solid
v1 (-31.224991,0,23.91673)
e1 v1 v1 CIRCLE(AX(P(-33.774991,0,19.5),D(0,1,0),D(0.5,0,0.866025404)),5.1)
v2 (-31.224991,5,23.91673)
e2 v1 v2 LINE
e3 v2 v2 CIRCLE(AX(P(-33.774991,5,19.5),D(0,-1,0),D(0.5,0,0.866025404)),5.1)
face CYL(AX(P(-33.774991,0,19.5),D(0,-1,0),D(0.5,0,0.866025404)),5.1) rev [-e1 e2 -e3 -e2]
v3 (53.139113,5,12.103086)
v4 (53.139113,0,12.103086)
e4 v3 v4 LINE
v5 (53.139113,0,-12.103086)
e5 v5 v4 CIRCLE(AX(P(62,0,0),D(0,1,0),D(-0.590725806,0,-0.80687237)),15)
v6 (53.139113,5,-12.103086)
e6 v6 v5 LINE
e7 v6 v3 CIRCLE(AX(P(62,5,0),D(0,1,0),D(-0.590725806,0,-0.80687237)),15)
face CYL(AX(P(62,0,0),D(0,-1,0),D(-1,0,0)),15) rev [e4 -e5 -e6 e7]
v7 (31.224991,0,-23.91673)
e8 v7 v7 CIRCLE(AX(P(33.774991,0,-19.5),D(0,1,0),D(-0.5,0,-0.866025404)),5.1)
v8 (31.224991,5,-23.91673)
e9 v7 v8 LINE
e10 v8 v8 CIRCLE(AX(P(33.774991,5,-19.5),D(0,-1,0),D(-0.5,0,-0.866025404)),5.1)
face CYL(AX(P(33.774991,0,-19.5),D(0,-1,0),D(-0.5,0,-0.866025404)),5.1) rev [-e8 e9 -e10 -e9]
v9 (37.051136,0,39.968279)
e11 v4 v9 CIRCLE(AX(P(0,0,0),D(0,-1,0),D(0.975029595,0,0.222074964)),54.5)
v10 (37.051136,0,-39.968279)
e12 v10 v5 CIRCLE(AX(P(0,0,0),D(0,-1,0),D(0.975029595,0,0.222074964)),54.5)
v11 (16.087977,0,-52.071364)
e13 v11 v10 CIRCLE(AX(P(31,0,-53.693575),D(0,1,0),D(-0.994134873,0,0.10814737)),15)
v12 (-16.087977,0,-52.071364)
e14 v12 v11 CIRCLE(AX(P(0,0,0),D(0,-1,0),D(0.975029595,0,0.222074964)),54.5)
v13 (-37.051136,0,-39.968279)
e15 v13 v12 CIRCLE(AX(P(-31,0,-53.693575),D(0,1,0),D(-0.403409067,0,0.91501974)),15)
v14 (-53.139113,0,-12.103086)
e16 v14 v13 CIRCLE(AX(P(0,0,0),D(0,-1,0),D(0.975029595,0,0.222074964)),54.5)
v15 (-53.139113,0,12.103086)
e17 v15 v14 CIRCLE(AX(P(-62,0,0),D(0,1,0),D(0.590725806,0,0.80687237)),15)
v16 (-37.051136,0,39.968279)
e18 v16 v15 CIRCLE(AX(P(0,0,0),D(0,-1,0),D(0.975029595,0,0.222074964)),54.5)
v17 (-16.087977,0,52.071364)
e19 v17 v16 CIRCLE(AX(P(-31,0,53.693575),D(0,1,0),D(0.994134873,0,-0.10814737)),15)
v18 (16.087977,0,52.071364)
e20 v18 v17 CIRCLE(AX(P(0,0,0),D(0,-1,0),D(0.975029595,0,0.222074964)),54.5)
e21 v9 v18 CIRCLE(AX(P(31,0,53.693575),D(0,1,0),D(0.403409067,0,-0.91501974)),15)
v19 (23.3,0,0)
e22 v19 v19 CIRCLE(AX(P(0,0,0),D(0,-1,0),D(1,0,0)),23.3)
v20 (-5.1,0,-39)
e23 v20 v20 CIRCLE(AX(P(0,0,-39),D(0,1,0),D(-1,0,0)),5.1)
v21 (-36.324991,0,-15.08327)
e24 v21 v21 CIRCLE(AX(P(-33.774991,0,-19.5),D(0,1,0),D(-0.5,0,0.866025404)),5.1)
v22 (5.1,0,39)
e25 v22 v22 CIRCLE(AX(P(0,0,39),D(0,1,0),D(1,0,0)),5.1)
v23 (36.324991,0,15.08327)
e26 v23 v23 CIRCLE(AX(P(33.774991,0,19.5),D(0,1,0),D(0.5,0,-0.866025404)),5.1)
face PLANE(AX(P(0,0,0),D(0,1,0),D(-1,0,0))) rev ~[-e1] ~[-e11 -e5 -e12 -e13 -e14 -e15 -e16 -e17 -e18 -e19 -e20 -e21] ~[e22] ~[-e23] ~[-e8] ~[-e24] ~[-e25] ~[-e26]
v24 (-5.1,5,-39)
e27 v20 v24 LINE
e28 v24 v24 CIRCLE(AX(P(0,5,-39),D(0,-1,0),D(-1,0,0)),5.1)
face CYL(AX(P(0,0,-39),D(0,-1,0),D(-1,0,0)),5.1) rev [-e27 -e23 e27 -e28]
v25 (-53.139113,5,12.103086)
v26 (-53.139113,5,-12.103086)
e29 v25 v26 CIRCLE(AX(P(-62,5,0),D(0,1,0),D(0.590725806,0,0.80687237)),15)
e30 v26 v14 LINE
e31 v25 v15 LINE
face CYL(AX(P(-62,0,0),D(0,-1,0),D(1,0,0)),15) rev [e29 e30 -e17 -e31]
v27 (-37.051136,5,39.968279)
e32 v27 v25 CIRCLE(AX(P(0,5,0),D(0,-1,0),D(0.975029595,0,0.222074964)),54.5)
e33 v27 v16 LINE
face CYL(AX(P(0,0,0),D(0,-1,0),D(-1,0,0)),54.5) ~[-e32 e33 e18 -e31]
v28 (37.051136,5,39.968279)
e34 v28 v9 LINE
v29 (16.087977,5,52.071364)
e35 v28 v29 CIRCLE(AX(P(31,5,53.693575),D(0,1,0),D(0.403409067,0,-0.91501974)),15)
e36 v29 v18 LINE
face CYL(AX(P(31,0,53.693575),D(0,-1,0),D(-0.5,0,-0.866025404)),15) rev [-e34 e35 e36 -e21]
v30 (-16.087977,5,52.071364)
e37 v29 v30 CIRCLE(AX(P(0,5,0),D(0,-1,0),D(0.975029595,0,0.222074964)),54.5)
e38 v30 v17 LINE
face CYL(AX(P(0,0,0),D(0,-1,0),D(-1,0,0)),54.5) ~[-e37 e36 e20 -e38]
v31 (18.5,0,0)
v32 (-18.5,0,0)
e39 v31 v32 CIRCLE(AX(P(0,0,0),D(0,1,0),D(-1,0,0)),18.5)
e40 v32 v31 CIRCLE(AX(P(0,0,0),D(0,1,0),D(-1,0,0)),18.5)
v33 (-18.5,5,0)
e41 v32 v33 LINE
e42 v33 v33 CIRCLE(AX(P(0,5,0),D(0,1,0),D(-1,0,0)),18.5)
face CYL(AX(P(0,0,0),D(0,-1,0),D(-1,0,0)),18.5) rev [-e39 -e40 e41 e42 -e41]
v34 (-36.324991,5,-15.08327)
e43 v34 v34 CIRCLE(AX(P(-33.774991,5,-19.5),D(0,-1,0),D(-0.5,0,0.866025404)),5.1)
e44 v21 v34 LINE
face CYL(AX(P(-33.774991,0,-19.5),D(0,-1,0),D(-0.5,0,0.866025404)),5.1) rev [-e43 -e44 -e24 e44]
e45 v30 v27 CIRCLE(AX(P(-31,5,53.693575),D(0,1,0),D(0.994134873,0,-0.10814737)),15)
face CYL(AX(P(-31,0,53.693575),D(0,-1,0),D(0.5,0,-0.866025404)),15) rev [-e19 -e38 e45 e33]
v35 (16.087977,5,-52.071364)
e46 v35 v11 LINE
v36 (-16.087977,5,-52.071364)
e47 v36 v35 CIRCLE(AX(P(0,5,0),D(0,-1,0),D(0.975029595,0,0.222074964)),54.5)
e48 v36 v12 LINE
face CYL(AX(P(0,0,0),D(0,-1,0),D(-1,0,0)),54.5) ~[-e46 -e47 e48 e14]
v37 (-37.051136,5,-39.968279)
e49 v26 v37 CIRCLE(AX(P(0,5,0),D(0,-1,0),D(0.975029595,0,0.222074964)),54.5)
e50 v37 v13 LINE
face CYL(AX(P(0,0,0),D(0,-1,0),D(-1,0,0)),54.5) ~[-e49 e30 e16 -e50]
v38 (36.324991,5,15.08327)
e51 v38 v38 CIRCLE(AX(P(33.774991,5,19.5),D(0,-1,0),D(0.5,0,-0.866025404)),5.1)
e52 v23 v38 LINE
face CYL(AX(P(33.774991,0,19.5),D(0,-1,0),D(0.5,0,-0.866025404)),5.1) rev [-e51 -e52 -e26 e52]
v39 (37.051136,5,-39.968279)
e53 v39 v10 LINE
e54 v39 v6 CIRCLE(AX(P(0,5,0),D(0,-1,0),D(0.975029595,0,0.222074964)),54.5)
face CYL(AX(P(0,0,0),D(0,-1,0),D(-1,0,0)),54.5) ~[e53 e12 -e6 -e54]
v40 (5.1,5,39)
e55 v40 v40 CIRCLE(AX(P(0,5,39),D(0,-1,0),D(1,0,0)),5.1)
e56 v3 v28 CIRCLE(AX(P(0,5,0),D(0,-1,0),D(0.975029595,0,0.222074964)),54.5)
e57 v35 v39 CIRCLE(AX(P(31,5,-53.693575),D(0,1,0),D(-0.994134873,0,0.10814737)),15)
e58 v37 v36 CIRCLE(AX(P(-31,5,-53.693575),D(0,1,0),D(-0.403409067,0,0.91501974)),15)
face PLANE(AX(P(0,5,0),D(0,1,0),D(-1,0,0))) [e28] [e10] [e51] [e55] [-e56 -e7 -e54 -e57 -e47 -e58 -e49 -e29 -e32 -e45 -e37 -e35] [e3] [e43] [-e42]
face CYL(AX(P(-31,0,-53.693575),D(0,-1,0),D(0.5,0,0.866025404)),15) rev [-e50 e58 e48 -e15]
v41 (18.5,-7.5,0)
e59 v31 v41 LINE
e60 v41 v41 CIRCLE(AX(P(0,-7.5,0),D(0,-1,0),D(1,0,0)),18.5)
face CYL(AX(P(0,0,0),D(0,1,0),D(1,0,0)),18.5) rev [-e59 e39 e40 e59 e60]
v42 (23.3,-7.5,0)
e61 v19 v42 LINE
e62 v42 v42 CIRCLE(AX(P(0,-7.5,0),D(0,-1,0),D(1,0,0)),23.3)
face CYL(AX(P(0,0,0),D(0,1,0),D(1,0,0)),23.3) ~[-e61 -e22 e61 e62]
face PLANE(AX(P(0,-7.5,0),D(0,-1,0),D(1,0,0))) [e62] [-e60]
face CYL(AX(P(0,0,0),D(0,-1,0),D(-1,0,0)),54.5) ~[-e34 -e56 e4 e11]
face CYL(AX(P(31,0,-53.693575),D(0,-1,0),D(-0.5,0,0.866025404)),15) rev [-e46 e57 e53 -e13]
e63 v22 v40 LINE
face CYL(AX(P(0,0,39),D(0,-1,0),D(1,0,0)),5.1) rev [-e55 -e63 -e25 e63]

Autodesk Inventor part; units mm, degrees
ref_plane "YZ Plane" through (0, 0, 0) normal (1, 0, 0) x (0, 1, 0)
ref_plane "XZ Plane" through (0, 0, 0) normal (0, 1, 0) x (-1, 0, 0)
ref_plane "XY Plane" through (0, 0, 0) normal (0, 0, 1) x (1, 0, 0)
sketch "Sketch1" plane through (0, 0, 0) normal (0, 1, 0) x (-1, 0, 0)
  circle A0 centre (0, 0) radius 18.5
  circle A1 centre (0, 0) radius 39 construction
  circle A2 centre (0, -39) radius 5.1
  circle A3 centre (0, 0) radius 54.5
  circle A4 centre (0, 0) radius 62 construction
  circle A5 centre (-62, 0) radius 15
  dimension "d1" = 78
  dimension "d11" = 124
  dimension "d0" = 37
  dimension "d2" = 10.2
  dimension "d3" = 109
  dimension "d12" = 30
extrude "Extrusion1" add sketch "Sketch1" along normal blind 5 contours A2 | A3 A5 | A5 A3 picked at (16.1327, -31.6474) picked at (-51.8988, 0)
extrude "Extrusion2" cut sketch "Sketch1" along normal through all contours A2
pattern_circular "Circular Pattern1" count 6 over 360 about axis through (0, 0, 0) along (0, 1, 0) of "Extrusion2"
extrude "Extrusion3" cut sketch "Sketch1" along normal through all contours A5 A3 | A3 A5 picked at (-51.8988, 0) picked at (-61.8988, 0)
pattern_circular "Circular Pattern2" count 6 over 360 about axis through (0, 0, 0) along (0, 1, 0) of "Extrusion3"
sketch "Sketch2" plane through (0, 0, 0) normal (0, -1, 0) x (1, 0, 0)
  circle A0 centre (0, 0) radius 23.3
  circle A1 centre (0, 0) radius 18.5
  dimension "d18" = 46.6
  dimension "d19" = 37
extrude "Extrusion4" add sketch "Sketch2" along normal blind 7.5
properties part number "HELP_6204BEARING_CASE_B"
